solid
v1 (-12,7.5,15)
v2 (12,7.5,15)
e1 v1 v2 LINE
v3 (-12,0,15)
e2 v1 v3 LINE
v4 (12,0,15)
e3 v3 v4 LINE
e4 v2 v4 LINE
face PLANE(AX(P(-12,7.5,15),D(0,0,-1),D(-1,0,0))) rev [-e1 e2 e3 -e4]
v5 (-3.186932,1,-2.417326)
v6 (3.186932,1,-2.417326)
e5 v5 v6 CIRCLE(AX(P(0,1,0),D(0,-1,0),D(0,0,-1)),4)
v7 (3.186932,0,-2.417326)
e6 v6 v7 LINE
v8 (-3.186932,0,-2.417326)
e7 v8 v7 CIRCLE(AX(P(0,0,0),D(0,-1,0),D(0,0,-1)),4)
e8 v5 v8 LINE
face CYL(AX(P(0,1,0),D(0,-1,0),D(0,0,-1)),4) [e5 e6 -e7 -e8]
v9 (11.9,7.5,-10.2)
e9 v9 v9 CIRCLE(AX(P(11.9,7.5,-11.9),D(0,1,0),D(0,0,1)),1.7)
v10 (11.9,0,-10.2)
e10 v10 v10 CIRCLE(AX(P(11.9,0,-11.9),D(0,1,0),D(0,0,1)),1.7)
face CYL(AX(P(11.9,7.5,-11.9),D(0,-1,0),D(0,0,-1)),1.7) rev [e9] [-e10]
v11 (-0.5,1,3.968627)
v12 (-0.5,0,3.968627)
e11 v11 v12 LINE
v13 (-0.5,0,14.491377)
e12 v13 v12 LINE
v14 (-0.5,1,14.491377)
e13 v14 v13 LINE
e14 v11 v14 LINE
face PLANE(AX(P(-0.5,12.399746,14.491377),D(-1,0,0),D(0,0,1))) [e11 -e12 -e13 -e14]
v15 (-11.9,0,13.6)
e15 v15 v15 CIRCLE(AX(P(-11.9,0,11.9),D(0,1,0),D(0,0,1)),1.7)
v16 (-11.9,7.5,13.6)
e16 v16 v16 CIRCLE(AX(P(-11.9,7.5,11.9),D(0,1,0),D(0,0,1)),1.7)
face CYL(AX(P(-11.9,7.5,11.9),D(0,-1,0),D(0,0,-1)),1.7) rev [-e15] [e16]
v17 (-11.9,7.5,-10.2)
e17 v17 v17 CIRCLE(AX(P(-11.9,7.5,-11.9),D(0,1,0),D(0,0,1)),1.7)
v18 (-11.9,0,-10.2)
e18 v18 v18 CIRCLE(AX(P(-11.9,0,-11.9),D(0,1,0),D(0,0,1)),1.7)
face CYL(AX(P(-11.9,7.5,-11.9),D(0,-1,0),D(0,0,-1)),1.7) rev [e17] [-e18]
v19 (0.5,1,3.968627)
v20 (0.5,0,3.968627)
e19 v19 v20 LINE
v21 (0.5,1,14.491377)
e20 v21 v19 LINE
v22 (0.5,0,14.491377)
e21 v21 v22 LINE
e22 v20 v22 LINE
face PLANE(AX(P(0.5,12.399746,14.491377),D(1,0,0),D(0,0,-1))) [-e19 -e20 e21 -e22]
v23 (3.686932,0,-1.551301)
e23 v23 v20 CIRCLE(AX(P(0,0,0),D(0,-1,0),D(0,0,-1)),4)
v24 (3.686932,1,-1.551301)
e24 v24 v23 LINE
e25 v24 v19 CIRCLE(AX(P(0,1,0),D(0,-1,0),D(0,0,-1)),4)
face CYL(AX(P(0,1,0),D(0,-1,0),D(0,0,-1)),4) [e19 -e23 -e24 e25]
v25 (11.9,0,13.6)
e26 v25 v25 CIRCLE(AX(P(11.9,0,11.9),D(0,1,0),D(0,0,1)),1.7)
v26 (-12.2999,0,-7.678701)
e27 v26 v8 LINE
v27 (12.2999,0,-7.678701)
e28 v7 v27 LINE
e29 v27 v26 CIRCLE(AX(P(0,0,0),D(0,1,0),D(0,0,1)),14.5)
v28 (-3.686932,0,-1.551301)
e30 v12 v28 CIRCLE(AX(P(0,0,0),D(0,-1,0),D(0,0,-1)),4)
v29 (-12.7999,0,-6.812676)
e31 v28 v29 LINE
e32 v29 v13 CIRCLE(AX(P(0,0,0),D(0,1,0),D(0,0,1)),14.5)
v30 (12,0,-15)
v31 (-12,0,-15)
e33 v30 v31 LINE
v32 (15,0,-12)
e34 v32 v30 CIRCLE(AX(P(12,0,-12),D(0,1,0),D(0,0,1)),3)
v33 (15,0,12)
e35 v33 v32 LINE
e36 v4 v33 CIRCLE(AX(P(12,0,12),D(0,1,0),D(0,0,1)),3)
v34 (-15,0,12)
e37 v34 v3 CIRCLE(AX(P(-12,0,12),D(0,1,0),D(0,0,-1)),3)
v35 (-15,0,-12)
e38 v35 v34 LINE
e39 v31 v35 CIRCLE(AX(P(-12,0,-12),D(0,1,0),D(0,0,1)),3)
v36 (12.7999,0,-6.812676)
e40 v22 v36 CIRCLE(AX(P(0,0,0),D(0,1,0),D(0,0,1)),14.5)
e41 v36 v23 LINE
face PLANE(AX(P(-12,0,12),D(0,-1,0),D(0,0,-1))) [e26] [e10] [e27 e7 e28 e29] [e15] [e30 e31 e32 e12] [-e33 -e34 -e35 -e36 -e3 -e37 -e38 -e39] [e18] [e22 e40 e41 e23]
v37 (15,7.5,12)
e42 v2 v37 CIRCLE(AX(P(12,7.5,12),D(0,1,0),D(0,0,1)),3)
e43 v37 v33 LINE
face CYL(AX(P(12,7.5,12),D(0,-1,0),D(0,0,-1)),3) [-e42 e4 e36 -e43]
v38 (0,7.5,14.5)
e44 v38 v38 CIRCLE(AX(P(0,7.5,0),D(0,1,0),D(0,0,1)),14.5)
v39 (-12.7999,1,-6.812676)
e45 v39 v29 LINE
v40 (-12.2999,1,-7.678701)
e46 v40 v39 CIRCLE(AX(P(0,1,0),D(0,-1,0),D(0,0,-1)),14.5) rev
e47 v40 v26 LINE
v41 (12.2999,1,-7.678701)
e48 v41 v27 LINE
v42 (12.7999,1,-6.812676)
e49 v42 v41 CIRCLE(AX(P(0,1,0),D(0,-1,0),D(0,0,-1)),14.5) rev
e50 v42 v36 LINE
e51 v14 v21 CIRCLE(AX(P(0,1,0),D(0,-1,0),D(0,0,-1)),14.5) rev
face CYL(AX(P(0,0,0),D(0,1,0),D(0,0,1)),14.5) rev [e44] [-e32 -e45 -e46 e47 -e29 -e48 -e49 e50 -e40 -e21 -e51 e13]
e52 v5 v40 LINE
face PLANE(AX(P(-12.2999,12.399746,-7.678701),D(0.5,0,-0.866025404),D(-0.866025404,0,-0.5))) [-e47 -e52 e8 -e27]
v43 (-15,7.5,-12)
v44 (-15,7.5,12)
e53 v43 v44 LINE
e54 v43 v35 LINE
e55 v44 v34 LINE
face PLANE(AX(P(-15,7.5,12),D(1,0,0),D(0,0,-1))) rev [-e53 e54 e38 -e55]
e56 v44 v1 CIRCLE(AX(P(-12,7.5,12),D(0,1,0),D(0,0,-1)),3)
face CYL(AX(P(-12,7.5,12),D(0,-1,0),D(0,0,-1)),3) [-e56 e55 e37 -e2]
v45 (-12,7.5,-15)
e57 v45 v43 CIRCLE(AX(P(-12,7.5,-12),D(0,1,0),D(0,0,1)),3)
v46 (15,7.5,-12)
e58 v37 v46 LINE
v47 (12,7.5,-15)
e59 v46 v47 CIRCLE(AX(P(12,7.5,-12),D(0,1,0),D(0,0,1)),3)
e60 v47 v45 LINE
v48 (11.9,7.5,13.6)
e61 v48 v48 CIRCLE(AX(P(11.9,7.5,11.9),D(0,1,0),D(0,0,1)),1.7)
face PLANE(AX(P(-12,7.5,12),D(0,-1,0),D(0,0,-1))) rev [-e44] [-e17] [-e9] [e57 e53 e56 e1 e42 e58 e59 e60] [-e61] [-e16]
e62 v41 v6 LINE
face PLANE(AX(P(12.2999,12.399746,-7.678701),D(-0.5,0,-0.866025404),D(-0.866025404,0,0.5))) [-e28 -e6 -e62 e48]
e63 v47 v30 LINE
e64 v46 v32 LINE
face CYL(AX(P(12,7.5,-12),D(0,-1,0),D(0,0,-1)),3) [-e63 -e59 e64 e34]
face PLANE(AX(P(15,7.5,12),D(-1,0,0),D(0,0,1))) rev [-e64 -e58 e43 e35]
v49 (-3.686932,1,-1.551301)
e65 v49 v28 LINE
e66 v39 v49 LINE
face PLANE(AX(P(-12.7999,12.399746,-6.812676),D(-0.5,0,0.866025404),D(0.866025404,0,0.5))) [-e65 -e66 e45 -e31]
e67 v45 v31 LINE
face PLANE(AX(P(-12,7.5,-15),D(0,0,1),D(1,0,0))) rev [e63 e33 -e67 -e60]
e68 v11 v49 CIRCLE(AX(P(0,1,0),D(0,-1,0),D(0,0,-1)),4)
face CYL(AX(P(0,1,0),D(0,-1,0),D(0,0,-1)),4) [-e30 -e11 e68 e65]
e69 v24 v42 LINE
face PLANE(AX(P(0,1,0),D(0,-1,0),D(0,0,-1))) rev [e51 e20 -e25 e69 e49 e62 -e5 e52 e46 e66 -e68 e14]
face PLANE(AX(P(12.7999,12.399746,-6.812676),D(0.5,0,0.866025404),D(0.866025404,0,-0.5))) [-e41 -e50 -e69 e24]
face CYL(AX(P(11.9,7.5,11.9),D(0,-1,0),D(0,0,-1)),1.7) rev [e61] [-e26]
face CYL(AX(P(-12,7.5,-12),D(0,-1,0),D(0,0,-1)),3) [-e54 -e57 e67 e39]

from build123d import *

# Parameters (mm, degrees)
SKETCH1_R           = 1.7
BOSS_EXTRUDE1_DEPTH = 7.5
SKETCH2_R           = 14.5
CUT_EXTRUDE1_DEPTH  = 7.5
SKETCH3_R           = 4
BOSS_EXTRUDE2_DEPTH = 1
BOSS_EXTRUDE3_DEPTH = 1


with BuildPart() as part:
    # Sketch1 → Boss-Extrude1 (new body)
    with BuildSketch(Plane(origin=(0, 0, 0), x_dir=(1, 0, 0), z_dir=(0, 1, 0))):
        with BuildLine():
            Line((-12, -15), (12, -15))
            ThreePointArc((12, -15), (14.121320344, -14.121320344), (15, -12))
            Line((15, -12), (15, 12))
            ThreePointArc((15, 12), (14.121320344, 14.121320344), (12, 15))
            Line((12, 15), (-12, 15))
            ThreePointArc((-12, 15), (-14.121320344, 14.121320344), (-15, 12))
            Line((-15, 12), (-15, -12))
            ThreePointArc((-15, -12), (-14.121320344, -14.121320344), (-12, -15))
        make_face()
        with Locations((-11.9, 11.9)):
            Circle(SKETCH1_R, mode=Mode.SUBTRACT)
        with Locations((11.9, 11.9)):
            Circle(SKETCH1_R, mode=Mode.SUBTRACT)
        with Locations((11.9, -11.9)):
            Circle(SKETCH1_R, mode=Mode.SUBTRACT)
        with Locations((-11.9, -11.9)):
            Circle(SKETCH1_R, mode=Mode.SUBTRACT)
    extrude(amount=BOSS_EXTRUDE1_DEPTH)

    # Sketch2 → Cut-Extrude1 (cut)
    with BuildSketch(Plane(origin=(0, 7.5, 0), x_dir=(1, 0, 0), z_dir=(0, 1, 0))):
        Circle(SKETCH2_R)
    extrude(amount=-CUT_EXTRUDE1_DEPTH, mode=Mode.SUBTRACT)



with BuildPart() as body_2:
    # Sketch3 → Boss-Extrude2 (new body)
    with BuildSketch(Plane.XZ):
        Circle(SKETCH3_R)
    extrude(amount=-BOSS_EXTRUDE2_DEPTH)


with BuildPart() as part_1:
    add(part.part)

    add(body_2.part)  # Boss-Extrude3 merges body 2
    # Sketch4 → Boss-Extrude3 (add)
    with BuildSketch(Plane.XZ):
        with BuildLine():
            Line((-0.5, 14.491376746), (-0.5, 3.968626967))
            ThreePointArc((-0.5, 3.968626967), (0, 4), (0.5, 3.968626967))
            Line((0.5, 3.968626967), (0.5, 14.491376746))
            ThreePointArc((0.5, 14.491376746), (0, 14.5), (-0.5, 14.491376746))
        make_face()
        with BuildLine():
            Line((12.299900398, -7.678701075), (3.186931771, -2.417326185))
            ThreePointArc((3.186931771, -2.417326185), (3.464101615, -2), (3.686931771, -1.551300781))
            Line((3.686931771, -1.551300781), (12.799900398, -6.812675671))
            ThreePointArc((12.799900398, -6.812675671), (12.557368355, -7.25), (12.299900398, -7.678701075))
        make_face()
        with BuildLine():
            Line((-12.799900398, -6.812675671), (-3.686931771, -1.551300781))
            ThreePointArc((-3.686931771, -1.551300781), (-3.464101615, -2), (-3.186931771, -2.417326185))
            Line((-3.186931771, -2.417326185), (-12.299900398, -7.678701075))
            ThreePointArc((-12.299900398, -7.678701075), (-12.557368355, -7.25), (-12.799900398, -6.812675671))
        make_face()
    extrude(amount=-BOSS_EXTRUDE3_DEPTH)


solid = part_1.part
